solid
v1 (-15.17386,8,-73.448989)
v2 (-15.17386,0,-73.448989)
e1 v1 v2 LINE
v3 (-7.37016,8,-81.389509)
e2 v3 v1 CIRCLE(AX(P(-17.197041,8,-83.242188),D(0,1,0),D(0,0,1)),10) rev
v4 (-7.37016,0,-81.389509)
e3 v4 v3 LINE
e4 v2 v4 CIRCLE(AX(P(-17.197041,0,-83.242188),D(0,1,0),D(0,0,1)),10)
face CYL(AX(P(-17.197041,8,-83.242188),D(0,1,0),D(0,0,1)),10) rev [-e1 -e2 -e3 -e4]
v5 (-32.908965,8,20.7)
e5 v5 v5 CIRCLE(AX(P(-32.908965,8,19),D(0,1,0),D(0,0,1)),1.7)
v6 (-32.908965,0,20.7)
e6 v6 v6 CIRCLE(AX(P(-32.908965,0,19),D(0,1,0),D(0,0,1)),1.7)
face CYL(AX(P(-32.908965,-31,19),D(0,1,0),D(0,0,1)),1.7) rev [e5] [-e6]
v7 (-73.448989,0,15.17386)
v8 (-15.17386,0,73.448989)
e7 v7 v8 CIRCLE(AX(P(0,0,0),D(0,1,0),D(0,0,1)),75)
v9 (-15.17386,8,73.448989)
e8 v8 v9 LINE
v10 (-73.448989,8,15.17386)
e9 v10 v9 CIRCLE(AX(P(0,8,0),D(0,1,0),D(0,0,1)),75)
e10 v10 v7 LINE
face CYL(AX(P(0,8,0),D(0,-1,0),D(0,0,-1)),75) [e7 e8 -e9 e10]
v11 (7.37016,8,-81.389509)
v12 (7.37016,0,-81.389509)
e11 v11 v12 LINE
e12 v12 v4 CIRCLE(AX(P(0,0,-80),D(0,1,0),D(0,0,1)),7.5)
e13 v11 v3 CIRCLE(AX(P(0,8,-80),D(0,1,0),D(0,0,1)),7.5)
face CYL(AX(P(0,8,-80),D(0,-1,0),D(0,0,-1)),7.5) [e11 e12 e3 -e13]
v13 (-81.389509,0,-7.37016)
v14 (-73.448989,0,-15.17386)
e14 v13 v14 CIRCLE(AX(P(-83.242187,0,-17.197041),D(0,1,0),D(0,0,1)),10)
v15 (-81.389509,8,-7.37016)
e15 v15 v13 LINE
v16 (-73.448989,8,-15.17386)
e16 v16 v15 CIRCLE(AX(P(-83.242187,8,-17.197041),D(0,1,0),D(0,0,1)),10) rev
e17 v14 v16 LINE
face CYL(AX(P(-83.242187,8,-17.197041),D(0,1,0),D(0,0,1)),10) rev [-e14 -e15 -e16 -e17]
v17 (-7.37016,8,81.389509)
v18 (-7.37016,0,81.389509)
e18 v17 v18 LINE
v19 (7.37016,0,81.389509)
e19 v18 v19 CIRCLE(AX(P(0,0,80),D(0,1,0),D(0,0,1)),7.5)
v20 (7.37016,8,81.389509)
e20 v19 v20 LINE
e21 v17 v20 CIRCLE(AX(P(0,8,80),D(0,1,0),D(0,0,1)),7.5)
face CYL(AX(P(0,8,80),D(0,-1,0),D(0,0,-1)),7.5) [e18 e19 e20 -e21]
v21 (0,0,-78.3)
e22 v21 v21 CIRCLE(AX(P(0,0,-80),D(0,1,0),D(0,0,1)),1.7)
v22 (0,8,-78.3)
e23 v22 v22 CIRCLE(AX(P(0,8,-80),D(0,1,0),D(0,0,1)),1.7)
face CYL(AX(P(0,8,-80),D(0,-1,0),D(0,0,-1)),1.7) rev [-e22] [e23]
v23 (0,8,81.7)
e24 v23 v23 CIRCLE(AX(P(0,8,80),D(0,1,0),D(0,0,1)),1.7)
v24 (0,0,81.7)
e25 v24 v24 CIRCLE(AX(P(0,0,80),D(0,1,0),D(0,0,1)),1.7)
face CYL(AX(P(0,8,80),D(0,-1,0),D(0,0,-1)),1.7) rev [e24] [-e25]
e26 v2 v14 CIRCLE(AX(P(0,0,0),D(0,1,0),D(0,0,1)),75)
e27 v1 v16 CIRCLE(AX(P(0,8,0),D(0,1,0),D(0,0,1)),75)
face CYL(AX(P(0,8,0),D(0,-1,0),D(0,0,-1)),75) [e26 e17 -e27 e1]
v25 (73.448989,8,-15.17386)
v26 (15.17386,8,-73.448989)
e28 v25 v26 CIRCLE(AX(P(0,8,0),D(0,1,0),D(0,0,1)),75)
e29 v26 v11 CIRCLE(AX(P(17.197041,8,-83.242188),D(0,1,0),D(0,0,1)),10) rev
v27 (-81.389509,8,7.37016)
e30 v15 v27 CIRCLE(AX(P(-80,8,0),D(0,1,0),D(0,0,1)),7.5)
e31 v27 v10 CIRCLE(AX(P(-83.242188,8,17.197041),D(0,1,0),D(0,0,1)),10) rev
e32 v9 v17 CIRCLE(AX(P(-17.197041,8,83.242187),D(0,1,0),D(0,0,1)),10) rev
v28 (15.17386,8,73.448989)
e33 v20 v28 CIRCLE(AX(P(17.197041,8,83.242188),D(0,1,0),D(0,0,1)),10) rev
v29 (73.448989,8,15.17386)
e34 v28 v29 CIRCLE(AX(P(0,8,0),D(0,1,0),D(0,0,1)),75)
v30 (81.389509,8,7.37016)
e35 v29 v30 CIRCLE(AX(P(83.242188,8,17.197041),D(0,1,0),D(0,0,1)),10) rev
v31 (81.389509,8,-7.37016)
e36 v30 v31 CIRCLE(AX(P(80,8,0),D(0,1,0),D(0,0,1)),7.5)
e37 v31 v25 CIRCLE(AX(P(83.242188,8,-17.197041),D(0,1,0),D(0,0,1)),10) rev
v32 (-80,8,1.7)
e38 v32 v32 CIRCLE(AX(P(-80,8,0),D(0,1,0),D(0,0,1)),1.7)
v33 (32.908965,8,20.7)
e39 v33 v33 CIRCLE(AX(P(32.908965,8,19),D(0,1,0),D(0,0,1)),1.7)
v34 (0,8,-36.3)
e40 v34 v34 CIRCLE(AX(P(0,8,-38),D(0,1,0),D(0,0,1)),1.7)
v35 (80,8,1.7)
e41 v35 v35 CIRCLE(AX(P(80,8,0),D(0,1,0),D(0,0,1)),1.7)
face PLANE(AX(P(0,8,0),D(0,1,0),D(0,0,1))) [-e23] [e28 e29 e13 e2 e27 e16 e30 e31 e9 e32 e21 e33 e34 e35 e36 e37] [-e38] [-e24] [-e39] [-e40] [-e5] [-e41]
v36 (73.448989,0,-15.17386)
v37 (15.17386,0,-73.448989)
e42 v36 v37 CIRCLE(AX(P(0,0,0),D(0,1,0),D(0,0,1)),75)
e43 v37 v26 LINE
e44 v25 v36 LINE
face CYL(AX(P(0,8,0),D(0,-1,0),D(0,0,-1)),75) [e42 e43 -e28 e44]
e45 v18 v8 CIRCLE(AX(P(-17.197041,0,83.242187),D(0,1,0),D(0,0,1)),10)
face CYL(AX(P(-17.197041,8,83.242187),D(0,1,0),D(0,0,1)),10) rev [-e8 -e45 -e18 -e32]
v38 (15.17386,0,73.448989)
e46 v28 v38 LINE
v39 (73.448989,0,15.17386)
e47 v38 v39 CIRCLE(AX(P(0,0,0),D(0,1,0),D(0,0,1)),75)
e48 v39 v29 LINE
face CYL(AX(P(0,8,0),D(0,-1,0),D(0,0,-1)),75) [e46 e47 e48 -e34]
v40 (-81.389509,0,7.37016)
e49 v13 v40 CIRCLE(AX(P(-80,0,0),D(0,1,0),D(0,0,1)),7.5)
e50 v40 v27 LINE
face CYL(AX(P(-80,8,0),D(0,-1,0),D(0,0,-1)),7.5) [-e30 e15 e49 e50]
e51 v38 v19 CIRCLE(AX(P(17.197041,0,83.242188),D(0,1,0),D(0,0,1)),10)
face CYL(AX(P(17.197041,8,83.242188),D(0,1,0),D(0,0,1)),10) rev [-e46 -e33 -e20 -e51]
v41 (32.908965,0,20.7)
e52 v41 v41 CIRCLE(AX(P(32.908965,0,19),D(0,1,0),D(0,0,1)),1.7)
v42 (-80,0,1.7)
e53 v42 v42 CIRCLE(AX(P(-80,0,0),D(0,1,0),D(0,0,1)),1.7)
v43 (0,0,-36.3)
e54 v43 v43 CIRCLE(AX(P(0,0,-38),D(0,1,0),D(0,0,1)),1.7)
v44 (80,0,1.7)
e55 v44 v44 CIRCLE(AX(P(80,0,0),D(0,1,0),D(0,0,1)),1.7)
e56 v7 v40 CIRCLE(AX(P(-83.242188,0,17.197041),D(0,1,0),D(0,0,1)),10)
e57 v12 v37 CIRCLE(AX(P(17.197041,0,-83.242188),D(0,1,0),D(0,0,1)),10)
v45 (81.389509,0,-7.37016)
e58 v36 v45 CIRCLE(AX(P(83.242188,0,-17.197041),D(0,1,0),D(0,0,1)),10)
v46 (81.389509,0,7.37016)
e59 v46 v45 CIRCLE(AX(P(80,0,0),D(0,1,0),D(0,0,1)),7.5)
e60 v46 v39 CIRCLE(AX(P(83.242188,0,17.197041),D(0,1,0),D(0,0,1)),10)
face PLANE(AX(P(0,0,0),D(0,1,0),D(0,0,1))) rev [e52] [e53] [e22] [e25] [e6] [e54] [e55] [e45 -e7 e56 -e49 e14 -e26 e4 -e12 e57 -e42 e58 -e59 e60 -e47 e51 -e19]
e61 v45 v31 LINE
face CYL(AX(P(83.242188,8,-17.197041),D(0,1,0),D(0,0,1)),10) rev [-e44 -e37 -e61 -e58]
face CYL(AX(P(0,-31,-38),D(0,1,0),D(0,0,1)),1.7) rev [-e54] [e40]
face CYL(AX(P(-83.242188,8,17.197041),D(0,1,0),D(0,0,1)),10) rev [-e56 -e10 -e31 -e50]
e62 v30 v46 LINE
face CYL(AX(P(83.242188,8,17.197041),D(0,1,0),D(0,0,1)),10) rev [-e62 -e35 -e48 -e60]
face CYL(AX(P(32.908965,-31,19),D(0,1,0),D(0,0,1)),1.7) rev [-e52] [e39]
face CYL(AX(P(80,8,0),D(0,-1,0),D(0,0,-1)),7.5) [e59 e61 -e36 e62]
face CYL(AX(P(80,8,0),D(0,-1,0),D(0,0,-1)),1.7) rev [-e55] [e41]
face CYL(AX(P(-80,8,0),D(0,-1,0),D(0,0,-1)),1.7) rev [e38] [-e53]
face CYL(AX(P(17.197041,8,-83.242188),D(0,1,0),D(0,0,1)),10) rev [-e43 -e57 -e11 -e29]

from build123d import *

# Parameters (mm, degrees)
SKETCH1_R           = 1.7
BOSS_EXTRUDE1_DEPTH = 8
FILLET1_R           = 10
SKETCH2_R           = 1.7
CUT_EXTRUDE1_DEPTH  = 39


with BuildPart() as part:
    # Sketch1 → Boss-Extrude1 (new body)
    with BuildSketch(Plane(origin=(0, 0, 0), x_dir=(1, 0, 0), z_dir=(0, 1, 0))):
        with BuildLine():
            ThreePointArc((-5.409133759, 74.8046875), (-53.033008589, 53.033008589), (-74.8046875, 5.409133759))
            ThreePointArc((-74.8046875, 5.409133759), (-87.5, 0), (-74.8046875, -5.409133759))
            ThreePointArc((-74.8046875, -5.409133759), (-53.033008589, -53.033008589), (-5.409133759, -74.8046875))
            ThreePointArc((-5.409133759, -74.8046875), (0, -87.5), (5.409133759, -74.8046875))
            ThreePointArc((5.409133759, -74.8046875), (53.033008589, -53.033008589), (74.8046875, -5.409133759))
            ThreePointArc((74.8046875, -5.409133759), (87.5, 0), (74.8046875, 5.409133759))
            ThreePointArc((74.8046875, 5.409133759), (53.033008589, 53.033008589), (5.409133759, 74.8046875))
            ThreePointArc((5.409133759, 74.8046875), (0, 87.5), (-5.409133759, 74.8046875))
        make_face()
        with Locations(Location((-80, 0, 0), (0, 0, 270))):
            Circle(SKETCH1_R, mode=Mode.SUBTRACT)
        with Locations(Location((80, 0, 0), (0, 0, 270))):
            Circle(SKETCH1_R, mode=Mode.SUBTRACT)
        with Locations(Location((0, 80, 0), (0, 0, 270))):
            Circle(SKETCH1_R, mode=Mode.SUBTRACT)
        with Locations(Location((0, -80, 0), (0, 0, 270))):
            Circle(SKETCH1_R, mode=Mode.SUBTRACT)
    extrude(amount=BOSS_EXTRUDE1_DEPTH)

    # Fillet1
    fillet1_edges = [part.edges().sort_by_distance(p)[0] for p in [
        (74.8046875, 4, -5.409133759),
        (74.8046875, 4, 5.409133759),
        (5.409133759, 4, 74.8046875),
        (-5.409133759, 4, 74.8046875),
        (-74.8046875, 4, 5.409133759),
        (-74.8046875, 4, -5.409133759),
        (-5.409133759, 4, -74.8046875),
        (5.409133759, 4, -74.8046875),
    ]]
    fillet(fillet1_edges, radius=FILLET1_R)

    # Sketch2 → Cut-Extrude1 (cut)
    with BuildSketch(Plane(origin=(0, 8, 0), x_dir=(1, 0, 0), z_dir=(0, 1, 0))):
        with Locations(Location((0, 38, 0), (0, 0, 270))):
            Circle(SKETCH2_R)
        with Locations(Location((32.908965344, -19, 0), (0, 0, 270))):
            Circle(SKETCH2_R)
        with Locations(Location((-32.908965344, -19, 0), (0, 0, 270))):
            Circle(SKETCH2_R)
    extrude(amount=-CUT_EXTRUDE1_DEPTH, mode=Mode.SUBTRACT)


solid = part.part
